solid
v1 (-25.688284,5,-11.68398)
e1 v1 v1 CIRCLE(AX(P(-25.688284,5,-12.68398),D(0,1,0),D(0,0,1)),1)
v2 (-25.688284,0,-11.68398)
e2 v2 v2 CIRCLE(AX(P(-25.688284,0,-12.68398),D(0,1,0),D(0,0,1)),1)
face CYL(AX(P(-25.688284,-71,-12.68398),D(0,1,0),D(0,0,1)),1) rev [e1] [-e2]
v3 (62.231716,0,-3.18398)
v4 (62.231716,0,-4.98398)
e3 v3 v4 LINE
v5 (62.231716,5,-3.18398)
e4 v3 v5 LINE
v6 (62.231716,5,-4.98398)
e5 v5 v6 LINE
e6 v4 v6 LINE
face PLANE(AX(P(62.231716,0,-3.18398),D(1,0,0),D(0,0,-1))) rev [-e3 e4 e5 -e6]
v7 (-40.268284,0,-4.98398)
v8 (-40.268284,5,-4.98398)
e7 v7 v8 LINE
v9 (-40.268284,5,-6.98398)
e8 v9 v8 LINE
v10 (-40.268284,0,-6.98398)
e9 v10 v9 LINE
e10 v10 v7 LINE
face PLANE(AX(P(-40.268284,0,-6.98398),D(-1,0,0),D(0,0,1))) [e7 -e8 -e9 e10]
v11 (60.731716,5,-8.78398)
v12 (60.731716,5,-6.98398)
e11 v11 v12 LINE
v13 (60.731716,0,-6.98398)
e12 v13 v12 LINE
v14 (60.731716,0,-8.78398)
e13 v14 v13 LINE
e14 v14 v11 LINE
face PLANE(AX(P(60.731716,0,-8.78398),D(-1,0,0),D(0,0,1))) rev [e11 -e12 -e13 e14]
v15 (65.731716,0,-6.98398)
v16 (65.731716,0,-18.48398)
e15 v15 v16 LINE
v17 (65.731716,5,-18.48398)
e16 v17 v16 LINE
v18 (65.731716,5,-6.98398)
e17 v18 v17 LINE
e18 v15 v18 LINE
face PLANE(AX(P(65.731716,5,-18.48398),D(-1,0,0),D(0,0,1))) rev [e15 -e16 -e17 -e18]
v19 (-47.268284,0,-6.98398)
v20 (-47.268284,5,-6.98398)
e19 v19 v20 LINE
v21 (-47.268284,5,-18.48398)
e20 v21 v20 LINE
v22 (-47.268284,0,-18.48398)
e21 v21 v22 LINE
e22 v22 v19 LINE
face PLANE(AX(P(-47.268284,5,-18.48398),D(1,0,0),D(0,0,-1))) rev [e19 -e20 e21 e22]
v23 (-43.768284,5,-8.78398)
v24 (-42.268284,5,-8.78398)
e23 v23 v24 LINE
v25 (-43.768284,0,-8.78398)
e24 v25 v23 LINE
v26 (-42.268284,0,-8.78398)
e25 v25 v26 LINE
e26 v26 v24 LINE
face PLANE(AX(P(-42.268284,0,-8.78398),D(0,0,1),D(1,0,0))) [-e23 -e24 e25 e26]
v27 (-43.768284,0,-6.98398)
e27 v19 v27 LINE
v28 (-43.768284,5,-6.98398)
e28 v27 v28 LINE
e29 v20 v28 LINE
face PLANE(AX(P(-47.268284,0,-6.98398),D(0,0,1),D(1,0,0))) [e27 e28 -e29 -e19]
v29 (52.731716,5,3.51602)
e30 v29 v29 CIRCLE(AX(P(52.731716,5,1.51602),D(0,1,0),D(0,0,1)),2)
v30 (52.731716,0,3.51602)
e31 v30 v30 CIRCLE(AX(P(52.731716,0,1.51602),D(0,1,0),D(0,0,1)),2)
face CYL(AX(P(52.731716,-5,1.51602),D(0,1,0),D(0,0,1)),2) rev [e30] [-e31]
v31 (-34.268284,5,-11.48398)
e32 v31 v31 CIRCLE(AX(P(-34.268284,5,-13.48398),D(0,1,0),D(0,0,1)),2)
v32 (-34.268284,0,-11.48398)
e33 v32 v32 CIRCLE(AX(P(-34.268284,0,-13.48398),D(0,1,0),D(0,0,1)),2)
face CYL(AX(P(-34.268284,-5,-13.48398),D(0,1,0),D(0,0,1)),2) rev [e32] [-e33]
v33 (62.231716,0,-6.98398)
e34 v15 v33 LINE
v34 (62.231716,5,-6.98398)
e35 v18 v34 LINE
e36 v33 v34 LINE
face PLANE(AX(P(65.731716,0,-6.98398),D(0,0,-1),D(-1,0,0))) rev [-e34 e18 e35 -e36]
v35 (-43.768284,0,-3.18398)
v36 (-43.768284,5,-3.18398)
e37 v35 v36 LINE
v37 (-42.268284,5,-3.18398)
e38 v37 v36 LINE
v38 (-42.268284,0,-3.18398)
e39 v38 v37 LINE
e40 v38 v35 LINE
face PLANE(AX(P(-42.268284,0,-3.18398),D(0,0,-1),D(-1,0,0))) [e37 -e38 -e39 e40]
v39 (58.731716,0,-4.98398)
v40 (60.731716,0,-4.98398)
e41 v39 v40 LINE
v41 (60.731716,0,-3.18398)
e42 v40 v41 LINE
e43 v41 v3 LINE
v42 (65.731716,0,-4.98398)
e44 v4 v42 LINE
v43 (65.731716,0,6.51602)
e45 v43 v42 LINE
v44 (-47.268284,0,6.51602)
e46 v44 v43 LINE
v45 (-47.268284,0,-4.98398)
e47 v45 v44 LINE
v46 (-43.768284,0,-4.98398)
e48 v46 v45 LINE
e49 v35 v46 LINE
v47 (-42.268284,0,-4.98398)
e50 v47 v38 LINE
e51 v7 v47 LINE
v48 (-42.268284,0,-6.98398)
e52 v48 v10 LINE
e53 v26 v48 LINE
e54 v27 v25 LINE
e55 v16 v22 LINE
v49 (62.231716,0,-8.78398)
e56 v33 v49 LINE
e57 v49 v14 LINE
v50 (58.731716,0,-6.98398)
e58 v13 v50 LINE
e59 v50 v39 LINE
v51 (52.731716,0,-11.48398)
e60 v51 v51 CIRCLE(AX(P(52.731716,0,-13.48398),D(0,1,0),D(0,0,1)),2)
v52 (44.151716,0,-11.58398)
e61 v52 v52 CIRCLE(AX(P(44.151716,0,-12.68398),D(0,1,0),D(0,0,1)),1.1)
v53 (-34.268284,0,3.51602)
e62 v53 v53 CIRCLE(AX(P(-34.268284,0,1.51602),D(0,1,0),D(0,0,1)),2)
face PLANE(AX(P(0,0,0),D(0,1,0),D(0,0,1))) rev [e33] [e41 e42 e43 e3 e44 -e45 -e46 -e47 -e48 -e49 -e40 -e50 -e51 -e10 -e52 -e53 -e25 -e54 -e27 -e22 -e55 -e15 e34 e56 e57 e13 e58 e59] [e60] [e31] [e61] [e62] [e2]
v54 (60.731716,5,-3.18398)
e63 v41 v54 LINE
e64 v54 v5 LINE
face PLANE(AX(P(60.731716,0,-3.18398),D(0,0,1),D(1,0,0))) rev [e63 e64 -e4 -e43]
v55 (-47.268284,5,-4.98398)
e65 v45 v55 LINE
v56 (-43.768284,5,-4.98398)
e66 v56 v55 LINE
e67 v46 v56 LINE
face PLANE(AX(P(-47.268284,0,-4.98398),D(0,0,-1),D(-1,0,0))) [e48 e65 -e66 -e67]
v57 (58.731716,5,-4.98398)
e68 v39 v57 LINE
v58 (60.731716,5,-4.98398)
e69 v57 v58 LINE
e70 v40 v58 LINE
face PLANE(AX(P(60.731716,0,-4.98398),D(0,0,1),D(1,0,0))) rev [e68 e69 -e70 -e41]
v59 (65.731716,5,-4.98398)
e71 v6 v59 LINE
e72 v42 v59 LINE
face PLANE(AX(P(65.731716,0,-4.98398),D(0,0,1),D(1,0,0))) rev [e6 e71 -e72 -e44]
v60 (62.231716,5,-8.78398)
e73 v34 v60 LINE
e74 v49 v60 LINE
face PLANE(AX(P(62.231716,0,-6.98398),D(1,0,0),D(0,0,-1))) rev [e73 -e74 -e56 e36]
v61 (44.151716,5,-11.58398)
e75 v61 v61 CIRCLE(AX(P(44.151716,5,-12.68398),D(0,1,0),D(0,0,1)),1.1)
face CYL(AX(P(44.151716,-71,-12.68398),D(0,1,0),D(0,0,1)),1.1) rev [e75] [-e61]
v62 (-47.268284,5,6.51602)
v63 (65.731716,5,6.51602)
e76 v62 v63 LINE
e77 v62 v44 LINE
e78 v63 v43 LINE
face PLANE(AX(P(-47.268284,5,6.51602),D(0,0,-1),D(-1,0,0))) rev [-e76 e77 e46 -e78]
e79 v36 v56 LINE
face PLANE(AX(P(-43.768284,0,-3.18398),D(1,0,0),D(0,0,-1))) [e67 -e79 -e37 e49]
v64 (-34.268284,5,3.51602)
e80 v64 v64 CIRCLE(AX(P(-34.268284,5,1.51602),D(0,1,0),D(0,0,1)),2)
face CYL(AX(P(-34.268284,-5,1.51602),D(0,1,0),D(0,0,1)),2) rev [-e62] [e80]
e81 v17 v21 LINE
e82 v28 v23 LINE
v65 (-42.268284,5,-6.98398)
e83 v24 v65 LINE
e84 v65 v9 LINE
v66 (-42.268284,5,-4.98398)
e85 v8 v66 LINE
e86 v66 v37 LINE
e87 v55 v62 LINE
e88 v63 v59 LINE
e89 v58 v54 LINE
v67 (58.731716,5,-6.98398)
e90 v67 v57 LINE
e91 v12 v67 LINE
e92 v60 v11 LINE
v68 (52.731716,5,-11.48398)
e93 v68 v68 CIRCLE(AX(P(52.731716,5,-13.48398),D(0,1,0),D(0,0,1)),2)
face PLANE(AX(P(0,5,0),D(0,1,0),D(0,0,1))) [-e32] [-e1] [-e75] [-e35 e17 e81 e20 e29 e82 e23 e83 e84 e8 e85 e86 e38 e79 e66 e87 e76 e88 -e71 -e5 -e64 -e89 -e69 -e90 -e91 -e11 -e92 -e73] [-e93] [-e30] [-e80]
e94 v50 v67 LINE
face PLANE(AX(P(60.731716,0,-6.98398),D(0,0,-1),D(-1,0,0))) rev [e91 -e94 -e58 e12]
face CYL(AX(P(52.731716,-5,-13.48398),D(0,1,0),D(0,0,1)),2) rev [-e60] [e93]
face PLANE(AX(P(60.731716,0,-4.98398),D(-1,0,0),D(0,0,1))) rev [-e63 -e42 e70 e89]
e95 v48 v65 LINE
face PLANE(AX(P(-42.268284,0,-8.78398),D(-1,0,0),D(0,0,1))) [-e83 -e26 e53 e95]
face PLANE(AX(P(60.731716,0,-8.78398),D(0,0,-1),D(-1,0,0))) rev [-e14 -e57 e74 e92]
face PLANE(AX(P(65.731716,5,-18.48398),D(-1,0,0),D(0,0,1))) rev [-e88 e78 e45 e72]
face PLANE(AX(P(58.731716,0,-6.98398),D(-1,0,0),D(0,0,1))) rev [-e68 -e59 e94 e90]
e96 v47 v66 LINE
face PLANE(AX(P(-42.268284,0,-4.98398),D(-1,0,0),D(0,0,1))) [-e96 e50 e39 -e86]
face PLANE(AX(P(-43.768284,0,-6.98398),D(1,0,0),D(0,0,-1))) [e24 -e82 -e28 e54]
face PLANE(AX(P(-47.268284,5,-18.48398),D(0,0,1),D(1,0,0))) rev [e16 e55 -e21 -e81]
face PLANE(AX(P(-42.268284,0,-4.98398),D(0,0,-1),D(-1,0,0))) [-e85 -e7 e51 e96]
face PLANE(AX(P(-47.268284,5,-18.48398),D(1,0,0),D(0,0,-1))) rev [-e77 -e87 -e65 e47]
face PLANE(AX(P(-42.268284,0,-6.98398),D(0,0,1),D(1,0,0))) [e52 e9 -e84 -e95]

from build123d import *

# Parameters (mm, degrees)
ESBO_O1_W                = 113
ESBO_O1_H                = 25
RESSALTO_EXTRUS_O1_DEPTH = 5
CORTE_EXTRUS_O1_DEPTH    = 5
ESBO_O4_R                = 1
ESBO_O4_R_2              = 1.1
CORTE_EXTRUS_O2_DEPTH    = 76
ESBO_O5_R                = 2
CORTE_EXTRUS_O3_DEPTH    = 10


with BuildPart() as part:
    # Esboço1 → Ressalto-extrusão1 (new body)
    with BuildSketch(Plane(origin=(0, 0, 0), x_dir=(1, 0, 0), z_dir=(0, 1, 0))):
        with Locations((9.231716451, 5.983979594)):
            Rectangle(ESBO_O1_W, ESBO_O1_H)
    extrude(amount=RESSALTO_EXTRUS_O1_DEPTH)

    # Esboço2 → Corte-extrusão1 (cut)
    with BuildSketch(Plane(origin=(0, 5, 0), x_dir=(1, 0, 0), z_dir=(0, 1, 0))):
        Polygon((65.731716451, 4.983979594), (62.231716451, 4.983979594), (62.231716451, 3.183979594), (60.731716451, 3.183979594), (60.731716451, 4.983979594), (58.731716451, 4.983979594), (58.731716451, 6.983979594), (60.731716451, 6.983979594), (60.731716451, 8.783979594), (62.231716451, 8.783979594), (62.231716451, 6.983979594), (65.731716451, 6.983979594), align=None)
    corte_extrus_o1 = extrude(amount=-CORTE_EXTRUS_O1_DEPTH, mode=Mode.SUBTRACT)

    # Espelhar1: Corte-extrusão1 across plane
    add(corte_extrus_o1.mirror(Plane(origin=(9.231716451, 0, 0), x_dir=(0, 0, 1), z_dir=(1, 0, 0))), mode=Mode.SUBTRACT)

    # Esboço4 → Corte-extrusão2 (cut)
    with BuildSketch(Plane(origin=(0, 5, 0), x_dir=(1, 0, 0), z_dir=(0, 1, 0))):
        with Locations(Location((-25.688283549, 12.683979594, 0), (0, 0, 270))):
            Circle(ESBO_O4_R)
        with Locations(Location((44.151716451, 12.683979594, 0), (0, 0, 270))):
            Circle(ESBO_O4_R_2)
    extrude(amount=-CORTE_EXTRUS_O2_DEPTH, mode=Mode.SUBTRACT)

    # Esboço5 → Corte-extrusão3 (cut)
    with BuildSketch(Plane(origin=(0, 5, 0), x_dir=(1, 0, 0), z_dir=(0, 1, 0))):
        with Locations(Location((-34.268283549, 13.483979594, 0), (0, 0, 270))):
            Circle(ESBO_O5_R)
        with Locations(Location((-34.268283549, -1.516020406, 0), (0, 0, 270))):
            Circle(ESBO_O5_R)
        with Locations(Location((52.731716451, 13.483979594, 0), (0, 0, 270))):
            Circle(ESBO_O5_R)
        with Locations(Location((52.731716451, -1.516020406, 0), (0, 0, 270))):
            Circle(ESBO_O5_R)
    extrude(amount=-CORTE_EXTRUS_O3_DEPTH, mode=Mode.SUBTRACT)


solid = part.part
